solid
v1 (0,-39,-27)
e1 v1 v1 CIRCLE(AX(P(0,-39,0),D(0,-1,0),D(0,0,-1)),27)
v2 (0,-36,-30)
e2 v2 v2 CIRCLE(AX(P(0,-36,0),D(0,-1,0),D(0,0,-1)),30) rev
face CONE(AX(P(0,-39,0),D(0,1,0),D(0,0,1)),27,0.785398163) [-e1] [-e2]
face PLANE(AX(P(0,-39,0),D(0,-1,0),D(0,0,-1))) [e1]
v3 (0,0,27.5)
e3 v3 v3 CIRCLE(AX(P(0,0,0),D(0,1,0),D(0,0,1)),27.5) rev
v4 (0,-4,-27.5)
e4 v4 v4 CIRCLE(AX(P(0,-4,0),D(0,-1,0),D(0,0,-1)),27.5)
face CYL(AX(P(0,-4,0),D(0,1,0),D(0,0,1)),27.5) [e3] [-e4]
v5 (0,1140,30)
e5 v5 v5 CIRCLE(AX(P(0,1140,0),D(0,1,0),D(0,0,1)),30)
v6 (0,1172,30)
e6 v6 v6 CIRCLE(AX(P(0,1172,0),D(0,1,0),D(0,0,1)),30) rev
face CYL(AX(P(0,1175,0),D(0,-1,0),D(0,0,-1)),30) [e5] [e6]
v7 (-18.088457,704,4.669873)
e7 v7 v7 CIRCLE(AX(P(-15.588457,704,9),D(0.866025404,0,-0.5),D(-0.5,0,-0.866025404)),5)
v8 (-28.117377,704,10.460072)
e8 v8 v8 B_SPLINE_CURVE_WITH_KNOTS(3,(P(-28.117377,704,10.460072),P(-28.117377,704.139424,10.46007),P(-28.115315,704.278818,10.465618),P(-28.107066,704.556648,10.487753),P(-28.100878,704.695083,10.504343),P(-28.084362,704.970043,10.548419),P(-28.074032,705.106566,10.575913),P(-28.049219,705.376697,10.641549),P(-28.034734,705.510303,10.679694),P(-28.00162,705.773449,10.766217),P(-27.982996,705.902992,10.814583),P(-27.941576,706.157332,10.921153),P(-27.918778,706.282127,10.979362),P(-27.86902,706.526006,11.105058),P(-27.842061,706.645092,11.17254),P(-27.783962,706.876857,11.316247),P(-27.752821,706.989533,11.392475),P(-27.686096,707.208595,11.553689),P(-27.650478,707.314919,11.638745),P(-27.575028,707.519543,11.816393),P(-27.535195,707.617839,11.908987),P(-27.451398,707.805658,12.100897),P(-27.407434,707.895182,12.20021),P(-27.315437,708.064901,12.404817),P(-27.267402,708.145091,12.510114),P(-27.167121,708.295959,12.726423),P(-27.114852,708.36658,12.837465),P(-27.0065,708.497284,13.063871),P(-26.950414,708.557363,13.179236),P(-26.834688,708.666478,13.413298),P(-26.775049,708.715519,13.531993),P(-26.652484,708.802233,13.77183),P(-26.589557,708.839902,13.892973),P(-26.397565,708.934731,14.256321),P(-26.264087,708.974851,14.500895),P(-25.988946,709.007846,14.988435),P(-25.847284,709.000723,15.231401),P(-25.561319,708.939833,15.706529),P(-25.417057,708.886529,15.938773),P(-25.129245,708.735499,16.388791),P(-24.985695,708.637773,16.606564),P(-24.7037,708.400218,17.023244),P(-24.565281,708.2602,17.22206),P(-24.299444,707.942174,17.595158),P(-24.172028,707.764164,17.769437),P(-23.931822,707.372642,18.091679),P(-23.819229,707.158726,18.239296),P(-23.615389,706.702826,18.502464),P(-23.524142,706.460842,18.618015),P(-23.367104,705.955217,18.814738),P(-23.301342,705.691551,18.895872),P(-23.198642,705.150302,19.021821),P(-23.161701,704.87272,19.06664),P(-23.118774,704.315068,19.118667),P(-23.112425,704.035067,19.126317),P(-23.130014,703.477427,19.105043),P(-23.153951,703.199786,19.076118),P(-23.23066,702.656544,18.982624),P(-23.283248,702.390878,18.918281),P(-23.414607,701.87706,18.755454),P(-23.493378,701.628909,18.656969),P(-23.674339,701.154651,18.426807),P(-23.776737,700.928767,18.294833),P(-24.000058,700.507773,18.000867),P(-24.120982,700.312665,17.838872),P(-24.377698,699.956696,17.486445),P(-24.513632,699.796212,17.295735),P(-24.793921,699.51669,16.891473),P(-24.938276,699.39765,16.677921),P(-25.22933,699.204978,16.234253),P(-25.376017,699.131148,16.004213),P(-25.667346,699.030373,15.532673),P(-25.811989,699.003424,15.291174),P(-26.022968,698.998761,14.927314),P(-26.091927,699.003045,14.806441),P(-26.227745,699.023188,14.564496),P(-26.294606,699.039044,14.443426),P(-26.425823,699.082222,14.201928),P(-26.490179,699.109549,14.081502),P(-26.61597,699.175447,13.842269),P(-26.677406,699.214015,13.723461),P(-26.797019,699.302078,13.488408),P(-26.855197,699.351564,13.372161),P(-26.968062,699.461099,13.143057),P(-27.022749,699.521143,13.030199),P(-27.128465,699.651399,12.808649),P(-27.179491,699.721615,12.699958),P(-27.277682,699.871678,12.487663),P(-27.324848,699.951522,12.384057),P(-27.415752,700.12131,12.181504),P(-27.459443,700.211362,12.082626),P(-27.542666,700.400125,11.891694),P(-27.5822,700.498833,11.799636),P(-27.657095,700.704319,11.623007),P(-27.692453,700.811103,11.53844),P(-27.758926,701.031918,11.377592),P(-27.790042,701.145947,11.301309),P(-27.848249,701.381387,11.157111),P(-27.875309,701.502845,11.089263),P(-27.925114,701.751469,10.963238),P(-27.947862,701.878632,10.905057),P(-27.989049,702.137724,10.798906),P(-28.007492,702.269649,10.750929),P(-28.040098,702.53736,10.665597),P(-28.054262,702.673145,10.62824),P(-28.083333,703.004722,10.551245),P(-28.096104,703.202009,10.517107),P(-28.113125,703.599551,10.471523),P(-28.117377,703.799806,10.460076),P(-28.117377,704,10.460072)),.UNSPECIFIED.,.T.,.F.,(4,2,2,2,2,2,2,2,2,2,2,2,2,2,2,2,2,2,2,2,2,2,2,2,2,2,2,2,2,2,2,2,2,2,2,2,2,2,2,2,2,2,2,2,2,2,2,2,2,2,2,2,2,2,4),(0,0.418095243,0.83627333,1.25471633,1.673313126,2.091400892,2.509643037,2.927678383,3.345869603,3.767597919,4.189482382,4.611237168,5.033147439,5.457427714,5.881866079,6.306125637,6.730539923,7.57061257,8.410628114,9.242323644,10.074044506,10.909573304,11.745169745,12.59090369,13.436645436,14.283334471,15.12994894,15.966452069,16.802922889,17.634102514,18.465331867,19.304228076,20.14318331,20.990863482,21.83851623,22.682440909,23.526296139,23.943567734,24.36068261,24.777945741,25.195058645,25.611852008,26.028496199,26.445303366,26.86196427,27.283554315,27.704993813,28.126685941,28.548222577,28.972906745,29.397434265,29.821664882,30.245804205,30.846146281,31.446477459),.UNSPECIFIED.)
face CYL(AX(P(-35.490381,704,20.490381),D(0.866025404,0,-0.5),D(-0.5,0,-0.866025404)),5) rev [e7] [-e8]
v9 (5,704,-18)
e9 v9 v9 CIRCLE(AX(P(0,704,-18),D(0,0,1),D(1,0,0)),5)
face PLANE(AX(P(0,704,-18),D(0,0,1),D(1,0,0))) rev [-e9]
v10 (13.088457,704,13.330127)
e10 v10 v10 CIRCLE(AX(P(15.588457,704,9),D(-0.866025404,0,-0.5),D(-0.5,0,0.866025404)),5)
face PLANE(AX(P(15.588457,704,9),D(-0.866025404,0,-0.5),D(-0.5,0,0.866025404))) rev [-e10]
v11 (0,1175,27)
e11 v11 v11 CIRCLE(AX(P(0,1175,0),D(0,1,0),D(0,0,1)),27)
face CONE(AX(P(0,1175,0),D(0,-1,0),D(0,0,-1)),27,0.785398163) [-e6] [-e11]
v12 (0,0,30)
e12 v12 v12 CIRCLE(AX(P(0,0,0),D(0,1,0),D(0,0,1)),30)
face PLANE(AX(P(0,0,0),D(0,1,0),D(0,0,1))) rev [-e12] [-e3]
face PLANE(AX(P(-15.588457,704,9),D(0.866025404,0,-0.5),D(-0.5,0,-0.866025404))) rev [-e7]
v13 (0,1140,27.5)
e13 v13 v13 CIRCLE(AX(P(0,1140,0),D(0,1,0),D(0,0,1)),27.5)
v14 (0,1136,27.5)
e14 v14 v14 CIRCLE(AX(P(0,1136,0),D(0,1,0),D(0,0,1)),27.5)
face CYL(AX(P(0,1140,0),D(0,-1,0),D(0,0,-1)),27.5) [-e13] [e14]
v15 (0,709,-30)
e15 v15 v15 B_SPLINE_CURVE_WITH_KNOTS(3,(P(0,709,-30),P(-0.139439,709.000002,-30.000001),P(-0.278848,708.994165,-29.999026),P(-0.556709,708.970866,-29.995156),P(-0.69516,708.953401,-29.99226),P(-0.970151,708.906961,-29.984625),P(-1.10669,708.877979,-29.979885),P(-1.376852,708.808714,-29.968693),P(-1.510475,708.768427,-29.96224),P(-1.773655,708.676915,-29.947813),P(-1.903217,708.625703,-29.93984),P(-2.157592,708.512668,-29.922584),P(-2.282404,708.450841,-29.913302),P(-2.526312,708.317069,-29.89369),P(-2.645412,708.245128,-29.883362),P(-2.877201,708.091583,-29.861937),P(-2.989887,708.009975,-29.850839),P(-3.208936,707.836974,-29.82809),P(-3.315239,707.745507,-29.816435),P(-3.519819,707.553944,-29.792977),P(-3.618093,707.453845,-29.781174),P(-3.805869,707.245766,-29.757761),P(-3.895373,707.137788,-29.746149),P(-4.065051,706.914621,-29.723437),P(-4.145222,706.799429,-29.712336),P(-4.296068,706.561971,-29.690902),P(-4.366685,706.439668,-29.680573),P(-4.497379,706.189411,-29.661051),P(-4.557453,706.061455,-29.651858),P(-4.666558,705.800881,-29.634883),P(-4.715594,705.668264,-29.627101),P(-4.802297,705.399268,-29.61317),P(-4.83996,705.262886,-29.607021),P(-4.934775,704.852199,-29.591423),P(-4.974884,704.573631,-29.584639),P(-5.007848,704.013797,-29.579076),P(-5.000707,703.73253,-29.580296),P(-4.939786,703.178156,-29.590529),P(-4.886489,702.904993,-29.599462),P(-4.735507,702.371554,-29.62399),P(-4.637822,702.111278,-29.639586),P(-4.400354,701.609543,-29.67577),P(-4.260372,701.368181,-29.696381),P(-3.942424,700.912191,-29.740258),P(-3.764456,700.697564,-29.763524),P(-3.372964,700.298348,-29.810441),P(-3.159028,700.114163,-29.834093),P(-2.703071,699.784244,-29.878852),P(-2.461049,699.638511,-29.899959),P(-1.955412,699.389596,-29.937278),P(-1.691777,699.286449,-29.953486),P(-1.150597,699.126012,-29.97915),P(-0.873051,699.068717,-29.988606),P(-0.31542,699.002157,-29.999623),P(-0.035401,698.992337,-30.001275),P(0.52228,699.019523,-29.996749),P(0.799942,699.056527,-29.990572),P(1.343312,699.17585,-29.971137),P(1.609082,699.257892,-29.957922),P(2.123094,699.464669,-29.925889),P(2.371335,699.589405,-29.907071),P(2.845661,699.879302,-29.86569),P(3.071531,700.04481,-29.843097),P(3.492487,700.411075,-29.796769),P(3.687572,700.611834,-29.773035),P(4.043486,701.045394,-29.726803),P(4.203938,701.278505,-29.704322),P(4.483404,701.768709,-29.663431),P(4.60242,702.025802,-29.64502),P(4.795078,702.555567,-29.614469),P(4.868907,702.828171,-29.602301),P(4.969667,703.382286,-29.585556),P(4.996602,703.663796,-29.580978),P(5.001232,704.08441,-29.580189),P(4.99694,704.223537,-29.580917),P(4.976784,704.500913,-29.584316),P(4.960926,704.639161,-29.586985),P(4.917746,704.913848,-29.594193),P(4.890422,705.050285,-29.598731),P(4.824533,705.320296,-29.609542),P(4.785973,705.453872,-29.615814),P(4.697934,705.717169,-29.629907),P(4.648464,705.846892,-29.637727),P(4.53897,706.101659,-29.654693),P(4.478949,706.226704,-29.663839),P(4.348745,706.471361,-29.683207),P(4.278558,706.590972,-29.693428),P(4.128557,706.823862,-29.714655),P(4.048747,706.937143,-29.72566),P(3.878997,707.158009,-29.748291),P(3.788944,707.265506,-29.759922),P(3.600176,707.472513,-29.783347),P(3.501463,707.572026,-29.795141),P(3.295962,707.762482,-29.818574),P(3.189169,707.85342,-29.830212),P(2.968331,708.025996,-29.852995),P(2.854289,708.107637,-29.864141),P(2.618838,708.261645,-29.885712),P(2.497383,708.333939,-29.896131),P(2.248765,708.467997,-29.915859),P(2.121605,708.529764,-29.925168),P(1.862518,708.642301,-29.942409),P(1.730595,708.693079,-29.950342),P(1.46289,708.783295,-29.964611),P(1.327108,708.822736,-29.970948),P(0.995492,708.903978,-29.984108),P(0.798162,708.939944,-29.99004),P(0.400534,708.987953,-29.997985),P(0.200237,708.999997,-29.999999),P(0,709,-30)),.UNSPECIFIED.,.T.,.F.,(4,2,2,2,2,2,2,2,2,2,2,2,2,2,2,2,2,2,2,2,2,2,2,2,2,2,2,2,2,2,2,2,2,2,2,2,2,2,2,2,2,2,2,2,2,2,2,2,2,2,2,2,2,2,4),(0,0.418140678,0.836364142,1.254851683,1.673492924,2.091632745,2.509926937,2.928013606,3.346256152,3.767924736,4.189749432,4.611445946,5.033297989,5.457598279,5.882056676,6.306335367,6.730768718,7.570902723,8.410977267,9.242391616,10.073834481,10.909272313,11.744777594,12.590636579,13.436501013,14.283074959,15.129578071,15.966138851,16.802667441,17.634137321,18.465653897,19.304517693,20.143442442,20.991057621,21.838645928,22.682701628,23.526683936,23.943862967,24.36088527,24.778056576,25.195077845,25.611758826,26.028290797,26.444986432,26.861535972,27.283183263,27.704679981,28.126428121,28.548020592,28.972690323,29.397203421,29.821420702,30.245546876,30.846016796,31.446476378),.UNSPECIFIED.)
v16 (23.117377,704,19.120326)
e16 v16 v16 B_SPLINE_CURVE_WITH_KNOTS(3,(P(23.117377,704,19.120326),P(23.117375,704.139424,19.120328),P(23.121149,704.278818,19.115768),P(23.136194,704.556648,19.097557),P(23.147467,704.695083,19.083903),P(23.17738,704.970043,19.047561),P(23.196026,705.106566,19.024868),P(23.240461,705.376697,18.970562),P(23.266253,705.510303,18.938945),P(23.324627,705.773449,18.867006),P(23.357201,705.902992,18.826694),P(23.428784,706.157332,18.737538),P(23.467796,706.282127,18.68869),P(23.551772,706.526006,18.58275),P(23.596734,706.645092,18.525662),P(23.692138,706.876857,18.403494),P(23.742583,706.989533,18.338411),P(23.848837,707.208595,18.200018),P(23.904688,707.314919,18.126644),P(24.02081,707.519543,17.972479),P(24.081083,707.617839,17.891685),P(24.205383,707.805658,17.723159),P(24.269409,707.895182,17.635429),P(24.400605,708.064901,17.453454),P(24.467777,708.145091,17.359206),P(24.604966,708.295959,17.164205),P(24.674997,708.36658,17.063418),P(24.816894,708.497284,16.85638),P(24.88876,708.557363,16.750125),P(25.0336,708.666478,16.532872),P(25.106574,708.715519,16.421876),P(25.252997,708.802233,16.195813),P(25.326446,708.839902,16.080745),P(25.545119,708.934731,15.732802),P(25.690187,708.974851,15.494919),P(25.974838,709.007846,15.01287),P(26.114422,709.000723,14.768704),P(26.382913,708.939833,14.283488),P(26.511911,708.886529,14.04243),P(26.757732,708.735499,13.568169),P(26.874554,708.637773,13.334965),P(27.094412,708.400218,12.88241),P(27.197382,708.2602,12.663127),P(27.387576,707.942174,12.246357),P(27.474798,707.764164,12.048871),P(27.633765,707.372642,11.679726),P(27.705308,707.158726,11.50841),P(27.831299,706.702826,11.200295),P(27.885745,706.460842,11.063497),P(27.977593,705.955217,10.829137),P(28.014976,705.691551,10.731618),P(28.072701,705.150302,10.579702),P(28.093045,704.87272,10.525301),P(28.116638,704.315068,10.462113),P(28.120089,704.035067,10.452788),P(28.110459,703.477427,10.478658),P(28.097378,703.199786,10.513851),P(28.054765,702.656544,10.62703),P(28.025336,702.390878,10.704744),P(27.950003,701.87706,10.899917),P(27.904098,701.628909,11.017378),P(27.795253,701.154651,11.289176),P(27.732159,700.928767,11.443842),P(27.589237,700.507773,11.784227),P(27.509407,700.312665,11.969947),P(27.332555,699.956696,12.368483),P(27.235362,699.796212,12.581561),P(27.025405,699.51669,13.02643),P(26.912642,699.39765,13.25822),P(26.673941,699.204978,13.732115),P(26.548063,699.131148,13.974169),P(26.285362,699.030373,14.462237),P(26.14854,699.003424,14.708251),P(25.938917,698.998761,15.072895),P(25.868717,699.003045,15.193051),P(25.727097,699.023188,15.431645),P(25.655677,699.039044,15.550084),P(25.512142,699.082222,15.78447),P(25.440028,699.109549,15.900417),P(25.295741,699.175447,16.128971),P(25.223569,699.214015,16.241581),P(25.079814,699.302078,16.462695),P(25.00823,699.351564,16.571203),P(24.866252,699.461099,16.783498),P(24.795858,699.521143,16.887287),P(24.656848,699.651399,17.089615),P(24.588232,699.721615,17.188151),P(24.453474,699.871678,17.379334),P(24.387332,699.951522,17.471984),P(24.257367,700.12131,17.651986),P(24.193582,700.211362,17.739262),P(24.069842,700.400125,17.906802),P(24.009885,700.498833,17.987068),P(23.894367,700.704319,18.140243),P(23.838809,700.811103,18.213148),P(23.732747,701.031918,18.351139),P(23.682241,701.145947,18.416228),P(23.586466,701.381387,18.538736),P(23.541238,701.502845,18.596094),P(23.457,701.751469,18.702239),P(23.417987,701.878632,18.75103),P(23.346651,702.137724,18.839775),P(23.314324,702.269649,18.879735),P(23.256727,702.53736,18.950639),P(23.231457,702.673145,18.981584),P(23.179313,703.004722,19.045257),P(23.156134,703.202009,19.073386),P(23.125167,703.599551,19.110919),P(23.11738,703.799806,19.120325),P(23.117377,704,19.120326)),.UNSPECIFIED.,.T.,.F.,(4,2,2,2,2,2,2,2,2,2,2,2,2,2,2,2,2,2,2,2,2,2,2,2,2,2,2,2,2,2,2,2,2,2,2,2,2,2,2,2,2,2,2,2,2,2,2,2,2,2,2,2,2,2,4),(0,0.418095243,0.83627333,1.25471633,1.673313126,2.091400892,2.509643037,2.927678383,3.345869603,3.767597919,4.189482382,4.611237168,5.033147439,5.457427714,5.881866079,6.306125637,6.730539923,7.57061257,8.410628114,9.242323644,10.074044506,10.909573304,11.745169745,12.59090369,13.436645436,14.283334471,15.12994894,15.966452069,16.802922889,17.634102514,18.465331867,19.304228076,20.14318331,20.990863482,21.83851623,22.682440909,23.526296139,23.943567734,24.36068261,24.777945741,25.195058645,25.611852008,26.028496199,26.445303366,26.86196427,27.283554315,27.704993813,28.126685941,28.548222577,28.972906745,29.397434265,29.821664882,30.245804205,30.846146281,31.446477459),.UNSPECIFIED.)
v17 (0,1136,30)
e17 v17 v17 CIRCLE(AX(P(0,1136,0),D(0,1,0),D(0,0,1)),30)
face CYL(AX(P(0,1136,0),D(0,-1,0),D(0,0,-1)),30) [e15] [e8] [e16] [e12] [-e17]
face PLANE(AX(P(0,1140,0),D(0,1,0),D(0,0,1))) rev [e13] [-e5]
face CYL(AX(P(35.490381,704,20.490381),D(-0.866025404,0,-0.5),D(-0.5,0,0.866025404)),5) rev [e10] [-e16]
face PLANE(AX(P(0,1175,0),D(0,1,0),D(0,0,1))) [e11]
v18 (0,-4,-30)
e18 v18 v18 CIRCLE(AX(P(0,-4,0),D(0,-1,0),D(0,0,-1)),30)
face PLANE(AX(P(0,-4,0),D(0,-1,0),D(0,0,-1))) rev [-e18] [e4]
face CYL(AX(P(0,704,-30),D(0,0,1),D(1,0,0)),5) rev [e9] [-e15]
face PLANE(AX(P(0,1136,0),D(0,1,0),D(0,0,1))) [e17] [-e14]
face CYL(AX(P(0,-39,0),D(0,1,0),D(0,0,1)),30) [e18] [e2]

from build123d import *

# Parameters (mm, degrees)
SCHIZZO1_R                  = 30
ESTRUSIONE1_DEPTH           = 1136
SCHIZZO2_R                  = 27.5
ESTRUSIONE2_DEPTH           = 4
SCHIZZO3_R                  = 30
ESTRUSIONE3_DEPTH           = 35
SMUSSO1_SIZE                = 3
ESTRUSIONE4_START           = 4
SCHIZZO4_R                  = 27.5
ESTRUSIONE4_DEPTH           = 4
ESTRUSIONE5_START           = 35
SCHIZZO5_R                  = 30
ESTRUSIONE5_DEPTH           = 35
SMUSSO2_SIZE                = 3
ESTRUSIONE6_START           = -18
SCHIZZO6_R                  = 5
ESTRUSIONE6_DEPTH           = 1158.765707954
RIPETIZIONECIRCOLARE1_COUNT = 3


with BuildPart() as part:
    # Schizzo1 → Estrusione1 (new body)
    with BuildSketch(Plane(origin=(0, 0, 0), x_dir=(1, 0, 0), z_dir=(0, 1, 0))):
        Circle(SCHIZZO1_R)
    extrude(amount=ESTRUSIONE1_DEPTH)

    # Schizzo2 → Estrusione2 (add)
    with BuildSketch(Plane(origin=(0, 1136, 0), x_dir=(1, 0, 0), z_dir=(0, 1, 0))):
        Circle(SCHIZZO2_R)
    extrude(amount=ESTRUSIONE2_DEPTH)

    # Schizzo3 → Estrusione3 (add)
    with BuildSketch(Plane(origin=(0, 1140, 0), x_dir=(1, 0, 0), z_dir=(0, 1, 0))):
        Circle(SCHIZZO3_R)
    extrude(amount=ESTRUSIONE3_DEPTH)

    # Smusso1
    smusso1_edges = [part.edges().sort_by_distance(p)[0] for p in [
        (-30, 1175, 0),
    ]]
    chamfer(smusso1_edges, length=SMUSSO1_SIZE)

    # Schizzo4 → Estrusione4 (add)
    with BuildSketch(Plane.XZ.offset(ESTRUSIONE4_START)):
        Circle(SCHIZZO4_R)
    extrude(amount=-ESTRUSIONE4_DEPTH)

    # Schizzo5 → Estrusione5 (add)
    with BuildSketch(Plane.XZ.offset(4).offset(ESTRUSIONE5_START)):
        Circle(SCHIZZO5_R)
    extrude(amount=-ESTRUSIONE5_DEPTH)

    # Smusso2
    smusso2_edges = [part.edges().sort_by_distance(p)[0] for p in [
        (-30, -39, 0),
    ]]
    chamfer(smusso2_edges, length=SMUSSO2_SIZE)

    # Schizzo6 → Estrusione6 (cut, through all)
    with BuildSketch(Plane.XY.offset(ESTRUSIONE6_START)):
        with Locations((0, 704)):
            Circle(SCHIZZO6_R)
    estrusione6 = extrude(amount=-ESTRUSIONE6_DEPTH, mode=Mode.SUBTRACT)

    # RipetizioneCircolare1: Estrusione6 ×3 about axis
    ripetizionecircolare1_axis = Axis((0, 1136, 0), (0, -1, 0))
    for i in range(1, RIPETIZIONECIRCOLARE1_COUNT):
        add(estrusione6.rotate(ripetizionecircolare1_axis, i * 360 / RIPETIZIONECIRCOLARE1_COUNT), mode=Mode.SUBTRACT)


solid = part.part
